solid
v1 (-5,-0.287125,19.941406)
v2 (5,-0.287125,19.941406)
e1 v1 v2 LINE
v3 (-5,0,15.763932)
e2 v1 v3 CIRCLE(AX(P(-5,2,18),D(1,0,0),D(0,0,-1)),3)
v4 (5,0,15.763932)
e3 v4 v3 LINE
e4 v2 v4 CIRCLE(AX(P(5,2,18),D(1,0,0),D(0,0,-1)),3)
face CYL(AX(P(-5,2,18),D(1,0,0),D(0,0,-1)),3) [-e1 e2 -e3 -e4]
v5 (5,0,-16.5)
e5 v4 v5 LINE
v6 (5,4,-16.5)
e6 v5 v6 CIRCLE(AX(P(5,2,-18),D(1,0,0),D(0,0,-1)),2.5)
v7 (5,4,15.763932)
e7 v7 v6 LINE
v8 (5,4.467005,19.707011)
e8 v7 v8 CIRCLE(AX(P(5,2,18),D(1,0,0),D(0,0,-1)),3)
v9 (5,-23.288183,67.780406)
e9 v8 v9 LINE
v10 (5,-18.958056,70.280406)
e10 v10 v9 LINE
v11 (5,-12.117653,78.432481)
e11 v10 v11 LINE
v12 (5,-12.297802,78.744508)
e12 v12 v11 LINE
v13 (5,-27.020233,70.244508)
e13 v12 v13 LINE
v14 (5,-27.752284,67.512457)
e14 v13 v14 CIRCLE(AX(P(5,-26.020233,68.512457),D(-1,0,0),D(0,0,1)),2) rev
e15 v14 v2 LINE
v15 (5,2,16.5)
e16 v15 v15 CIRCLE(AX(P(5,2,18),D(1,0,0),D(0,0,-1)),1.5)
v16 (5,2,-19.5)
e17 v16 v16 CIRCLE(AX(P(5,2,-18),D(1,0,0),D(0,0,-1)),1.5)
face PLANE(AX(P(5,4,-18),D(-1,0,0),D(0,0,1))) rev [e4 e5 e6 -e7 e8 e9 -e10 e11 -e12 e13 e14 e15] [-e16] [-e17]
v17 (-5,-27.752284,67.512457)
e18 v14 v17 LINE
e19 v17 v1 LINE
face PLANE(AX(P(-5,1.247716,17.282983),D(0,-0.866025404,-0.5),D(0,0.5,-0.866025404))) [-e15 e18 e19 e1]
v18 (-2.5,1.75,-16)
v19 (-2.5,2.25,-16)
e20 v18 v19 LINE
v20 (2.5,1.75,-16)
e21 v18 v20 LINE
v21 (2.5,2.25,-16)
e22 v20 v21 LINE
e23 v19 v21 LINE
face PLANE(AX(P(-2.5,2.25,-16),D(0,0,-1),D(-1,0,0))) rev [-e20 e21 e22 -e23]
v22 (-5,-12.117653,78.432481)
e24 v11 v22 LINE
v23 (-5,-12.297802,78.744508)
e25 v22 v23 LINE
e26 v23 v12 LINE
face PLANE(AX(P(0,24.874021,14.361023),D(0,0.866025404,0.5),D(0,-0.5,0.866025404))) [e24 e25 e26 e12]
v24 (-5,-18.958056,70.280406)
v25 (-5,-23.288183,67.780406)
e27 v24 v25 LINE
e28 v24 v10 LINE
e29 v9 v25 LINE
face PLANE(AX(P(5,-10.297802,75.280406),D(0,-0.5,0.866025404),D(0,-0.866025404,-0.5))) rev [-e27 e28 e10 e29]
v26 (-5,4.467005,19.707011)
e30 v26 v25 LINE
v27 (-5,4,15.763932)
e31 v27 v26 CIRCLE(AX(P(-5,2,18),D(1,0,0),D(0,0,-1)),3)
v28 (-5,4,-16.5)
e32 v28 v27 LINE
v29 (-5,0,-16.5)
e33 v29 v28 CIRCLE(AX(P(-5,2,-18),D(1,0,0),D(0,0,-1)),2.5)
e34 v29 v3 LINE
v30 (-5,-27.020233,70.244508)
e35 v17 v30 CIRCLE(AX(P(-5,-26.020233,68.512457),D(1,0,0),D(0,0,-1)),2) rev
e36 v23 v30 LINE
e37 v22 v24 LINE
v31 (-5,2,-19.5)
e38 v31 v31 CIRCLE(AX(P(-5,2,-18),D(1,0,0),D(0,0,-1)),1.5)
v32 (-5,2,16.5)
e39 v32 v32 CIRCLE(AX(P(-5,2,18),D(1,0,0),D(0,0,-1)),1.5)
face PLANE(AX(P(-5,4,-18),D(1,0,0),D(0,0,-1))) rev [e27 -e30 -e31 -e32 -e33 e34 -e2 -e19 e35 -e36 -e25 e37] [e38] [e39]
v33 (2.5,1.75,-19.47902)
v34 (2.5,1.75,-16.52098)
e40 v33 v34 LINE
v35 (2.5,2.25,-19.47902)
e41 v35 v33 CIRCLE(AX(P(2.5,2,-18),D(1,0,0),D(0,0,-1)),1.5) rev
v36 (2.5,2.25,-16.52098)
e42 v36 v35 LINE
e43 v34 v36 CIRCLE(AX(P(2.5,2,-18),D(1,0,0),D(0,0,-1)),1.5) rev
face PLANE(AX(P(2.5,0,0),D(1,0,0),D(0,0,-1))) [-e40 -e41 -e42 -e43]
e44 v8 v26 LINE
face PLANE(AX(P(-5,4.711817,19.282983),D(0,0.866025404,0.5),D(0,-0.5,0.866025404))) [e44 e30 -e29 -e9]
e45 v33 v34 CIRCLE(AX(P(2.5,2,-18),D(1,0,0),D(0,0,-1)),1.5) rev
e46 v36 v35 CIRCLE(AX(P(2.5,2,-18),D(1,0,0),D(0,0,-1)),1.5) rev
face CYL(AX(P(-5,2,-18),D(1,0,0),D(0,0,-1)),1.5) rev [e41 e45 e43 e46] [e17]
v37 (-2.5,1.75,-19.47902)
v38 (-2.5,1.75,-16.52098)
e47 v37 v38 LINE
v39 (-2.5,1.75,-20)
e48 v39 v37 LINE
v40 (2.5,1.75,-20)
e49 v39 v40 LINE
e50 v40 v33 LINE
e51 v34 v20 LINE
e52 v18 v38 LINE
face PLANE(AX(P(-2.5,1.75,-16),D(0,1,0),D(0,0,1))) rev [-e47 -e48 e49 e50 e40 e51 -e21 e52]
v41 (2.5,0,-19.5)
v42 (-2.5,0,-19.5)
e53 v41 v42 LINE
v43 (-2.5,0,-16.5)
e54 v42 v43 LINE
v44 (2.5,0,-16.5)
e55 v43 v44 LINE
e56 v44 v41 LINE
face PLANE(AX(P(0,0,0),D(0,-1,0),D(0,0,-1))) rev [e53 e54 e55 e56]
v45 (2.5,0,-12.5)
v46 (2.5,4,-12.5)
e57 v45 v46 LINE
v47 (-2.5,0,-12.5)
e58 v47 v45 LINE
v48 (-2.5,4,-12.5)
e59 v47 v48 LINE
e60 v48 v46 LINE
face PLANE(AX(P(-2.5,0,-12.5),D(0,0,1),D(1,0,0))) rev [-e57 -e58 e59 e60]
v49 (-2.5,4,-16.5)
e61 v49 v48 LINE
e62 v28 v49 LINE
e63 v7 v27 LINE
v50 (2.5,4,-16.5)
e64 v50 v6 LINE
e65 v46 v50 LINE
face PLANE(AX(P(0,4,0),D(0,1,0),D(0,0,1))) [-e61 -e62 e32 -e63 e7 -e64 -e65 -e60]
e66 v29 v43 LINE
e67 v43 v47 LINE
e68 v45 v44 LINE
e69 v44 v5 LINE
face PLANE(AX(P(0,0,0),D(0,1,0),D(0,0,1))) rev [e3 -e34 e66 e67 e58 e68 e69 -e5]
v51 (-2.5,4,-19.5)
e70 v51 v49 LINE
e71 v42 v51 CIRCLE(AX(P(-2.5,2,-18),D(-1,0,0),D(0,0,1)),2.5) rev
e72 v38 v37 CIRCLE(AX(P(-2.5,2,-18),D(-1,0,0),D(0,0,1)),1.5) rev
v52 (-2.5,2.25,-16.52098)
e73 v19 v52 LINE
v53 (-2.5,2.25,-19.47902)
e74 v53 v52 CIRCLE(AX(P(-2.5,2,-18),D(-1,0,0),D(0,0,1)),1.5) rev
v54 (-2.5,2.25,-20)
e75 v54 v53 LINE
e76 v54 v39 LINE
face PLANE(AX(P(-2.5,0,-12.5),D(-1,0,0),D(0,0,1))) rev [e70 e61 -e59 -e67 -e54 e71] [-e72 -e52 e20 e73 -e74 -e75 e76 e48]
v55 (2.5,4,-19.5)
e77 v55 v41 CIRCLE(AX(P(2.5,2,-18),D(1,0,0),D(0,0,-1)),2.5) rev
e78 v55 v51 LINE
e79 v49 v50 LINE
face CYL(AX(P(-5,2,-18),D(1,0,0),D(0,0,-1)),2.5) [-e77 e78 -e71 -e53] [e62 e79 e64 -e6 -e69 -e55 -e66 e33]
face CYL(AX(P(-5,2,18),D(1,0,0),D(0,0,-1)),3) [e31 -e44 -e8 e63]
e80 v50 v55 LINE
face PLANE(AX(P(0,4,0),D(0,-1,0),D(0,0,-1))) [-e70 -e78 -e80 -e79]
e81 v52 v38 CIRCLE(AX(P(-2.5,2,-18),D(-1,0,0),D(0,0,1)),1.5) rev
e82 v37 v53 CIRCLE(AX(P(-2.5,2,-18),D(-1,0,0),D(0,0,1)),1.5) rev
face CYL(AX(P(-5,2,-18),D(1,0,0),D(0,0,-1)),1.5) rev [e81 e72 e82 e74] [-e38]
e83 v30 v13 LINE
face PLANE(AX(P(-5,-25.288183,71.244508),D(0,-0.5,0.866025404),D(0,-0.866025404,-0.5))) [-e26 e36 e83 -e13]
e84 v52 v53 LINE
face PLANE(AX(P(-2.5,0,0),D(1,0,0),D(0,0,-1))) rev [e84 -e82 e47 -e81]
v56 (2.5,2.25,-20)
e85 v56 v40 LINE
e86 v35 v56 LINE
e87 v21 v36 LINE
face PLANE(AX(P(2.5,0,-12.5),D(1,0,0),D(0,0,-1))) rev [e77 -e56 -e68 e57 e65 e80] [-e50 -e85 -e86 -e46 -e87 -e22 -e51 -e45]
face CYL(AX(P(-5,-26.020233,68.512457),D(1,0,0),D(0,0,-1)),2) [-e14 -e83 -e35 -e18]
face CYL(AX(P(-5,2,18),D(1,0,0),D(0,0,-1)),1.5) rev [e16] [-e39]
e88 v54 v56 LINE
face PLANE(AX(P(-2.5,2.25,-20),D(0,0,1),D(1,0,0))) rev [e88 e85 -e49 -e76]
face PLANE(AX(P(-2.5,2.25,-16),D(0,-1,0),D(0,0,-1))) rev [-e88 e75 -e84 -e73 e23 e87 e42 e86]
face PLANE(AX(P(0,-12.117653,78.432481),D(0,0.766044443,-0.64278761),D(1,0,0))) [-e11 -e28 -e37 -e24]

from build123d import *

# Parameters (mm, degrees)
SKETCH1_W           = 10
SKETCH1_H           = 36
BOSS_EXTRUDE2_DEPTH = 4
SKETCH5_R           = 3
BOSS_EXTRUDE3_DEPTH = 10
SKETCH6_R           = 2.5
BOSS_EXTRUDE4_DEPTH = 10
SKETCH9_R           = 1.5
CUT_EXTRUDE2_DEPTH  = 10
SKETCH10_W          = 5
SKETCH10_H          = 8
CUT_EXTRUDE3_DEPTH  = 4
SKETCH11_W          = 4
SKETCH11_H          = 0.5
BOSS_EXTRUDE6_DEPTH = 5
BOSS_EXTRUDE7_DEPTH = 10
SKETCH7_R           = 1.5
CUT_EXTRUDE4_DEPTH  = 10
SKETCH14_W          = 10
SKETCH14_H          = 4
BOSS_EXTRUDE8_DEPTH = 15
FILLET2_R           = 2
CHAMFER1_SIZE       = 10
CHAMFER1_SIZE2      = 3.639702343


with BuildPart() as part:
    # Sketch1 → Boss-Extrude2 (new body)
    with BuildSketch(Plane(origin=(0, 0, 0), x_dir=(1, 0, 0), z_dir=(0, 1, 0))):
        Rectangle(SKETCH1_W, SKETCH1_H)
    extrude(amount=BOSS_EXTRUDE2_DEPTH)

    # Sketch5 → Boss-Extrude3 (add)
    with BuildSketch(Plane(origin=(5, 0, 0), x_dir=(0, 0, -1), z_dir=(1, 0, 0))):
        with Locations((-18, 2)):
            Circle(SKETCH5_R)
    extrude(amount=-BOSS_EXTRUDE3_DEPTH)

    # Sketch6 → Boss-Extrude4 (add)
    with BuildSketch(Plane(origin=(5, 0, 0), x_dir=(0, 0, -1), z_dir=(1, 0, 0))):
        with Locations((18, 2)):
            Circle(SKETCH6_R)
    extrude(amount=-BOSS_EXTRUDE4_DEPTH)

    # Sketch9 → Cut-Extrude2 (cut)
    with BuildSketch(Plane(origin=(5, 0, 0), x_dir=(0, 0, -1), z_dir=(1, 0, 0))):
        with Locations((18, 2)):
            Circle(SKETCH9_R)
    extrude(amount=-CUT_EXTRUDE2_DEPTH, mode=Mode.SUBTRACT)

    # Sketch10 → Cut-Extrude3 (cut)
    with BuildSketch(Plane(origin=(0, 4, 0), x_dir=(1, 0, 0), z_dir=(0, 1, 0))):
        with Locations((0, 16.5)):
            Rectangle(SKETCH10_W, SKETCH10_H)
    extrude(amount=-CUT_EXTRUDE3_DEPTH, mode=Mode.SUBTRACT)

    # Sketch11 → Boss-Extrude6 (add)
    with BuildSketch(Plane.ZY.offset(-2.5)):
        with Locations((-18, 2)):
            Rectangle(SKETCH11_W, SKETCH11_H)
    extrude(amount=BOSS_EXTRUDE6_DEPTH)

    # Sketch13 → Boss-Extrude7 (add)
    with BuildSketch(Plane(origin=(5, 0, 0), x_dir=(0, 0, -1), z_dir=(1, 0, 0))):
        Polygon((-19.282983434, 4.711817381), (-71.244507661, -25.288182619), (-69.244507661, -28.752284234), (-17.282983434, 1.247715766), align=None)
    extrude(amount=-BOSS_EXTRUDE7_DEPTH)

    # Sketch7 → Cut-Extrude4 (cut)
    with BuildSketch(Plane(origin=(5, 0, 0), x_dir=(0, 0, -1), z_dir=(1, 0, 0))):
        with Locations((-18, 2)):
            Circle(SKETCH7_R)
    extrude(amount=-CUT_EXTRUDE4_DEPTH, mode=Mode.SUBTRACT)

    # Sketch14 → Boss-Extrude8 (add)
    with BuildSketch(Plane(origin=(0, 11.883639793, 6.861022633), x_dir=(1, 0, 0), z_dir=(0, 0.8660254037844415, 0.49999999999999506))):
        with Locations((0, -72.343644824)):
            Rectangle(SKETCH14_W, SKETCH14_H)
    extrude(amount=BOSS_EXTRUDE8_DEPTH)

    # Fillet2
    fillet2_edges = [part.edges().sort_by_distance(p)[0] for p in [
        (0, -28.752284234, 69.244507661),
    ]]
    fillet(fillet2_edges, radius=FILLET2_R)

    # Chamfer1
    chamfer1_edges = [part.edges().sort_by_distance(p)[0] for p in [
        (0, -10.297801562, 75.280406046),
    ]]
    chamfer1_side = [part.faces().sort_by_distance(p)[0] for p in [
        (0, -16.792992091, 71.530406046),
    ]]
    chamfer(chamfer1_edges, length=CHAMFER1_SIZE, length2=CHAMFER1_SIZE2, reference=chamfer1_side[0])


solid = part.part
